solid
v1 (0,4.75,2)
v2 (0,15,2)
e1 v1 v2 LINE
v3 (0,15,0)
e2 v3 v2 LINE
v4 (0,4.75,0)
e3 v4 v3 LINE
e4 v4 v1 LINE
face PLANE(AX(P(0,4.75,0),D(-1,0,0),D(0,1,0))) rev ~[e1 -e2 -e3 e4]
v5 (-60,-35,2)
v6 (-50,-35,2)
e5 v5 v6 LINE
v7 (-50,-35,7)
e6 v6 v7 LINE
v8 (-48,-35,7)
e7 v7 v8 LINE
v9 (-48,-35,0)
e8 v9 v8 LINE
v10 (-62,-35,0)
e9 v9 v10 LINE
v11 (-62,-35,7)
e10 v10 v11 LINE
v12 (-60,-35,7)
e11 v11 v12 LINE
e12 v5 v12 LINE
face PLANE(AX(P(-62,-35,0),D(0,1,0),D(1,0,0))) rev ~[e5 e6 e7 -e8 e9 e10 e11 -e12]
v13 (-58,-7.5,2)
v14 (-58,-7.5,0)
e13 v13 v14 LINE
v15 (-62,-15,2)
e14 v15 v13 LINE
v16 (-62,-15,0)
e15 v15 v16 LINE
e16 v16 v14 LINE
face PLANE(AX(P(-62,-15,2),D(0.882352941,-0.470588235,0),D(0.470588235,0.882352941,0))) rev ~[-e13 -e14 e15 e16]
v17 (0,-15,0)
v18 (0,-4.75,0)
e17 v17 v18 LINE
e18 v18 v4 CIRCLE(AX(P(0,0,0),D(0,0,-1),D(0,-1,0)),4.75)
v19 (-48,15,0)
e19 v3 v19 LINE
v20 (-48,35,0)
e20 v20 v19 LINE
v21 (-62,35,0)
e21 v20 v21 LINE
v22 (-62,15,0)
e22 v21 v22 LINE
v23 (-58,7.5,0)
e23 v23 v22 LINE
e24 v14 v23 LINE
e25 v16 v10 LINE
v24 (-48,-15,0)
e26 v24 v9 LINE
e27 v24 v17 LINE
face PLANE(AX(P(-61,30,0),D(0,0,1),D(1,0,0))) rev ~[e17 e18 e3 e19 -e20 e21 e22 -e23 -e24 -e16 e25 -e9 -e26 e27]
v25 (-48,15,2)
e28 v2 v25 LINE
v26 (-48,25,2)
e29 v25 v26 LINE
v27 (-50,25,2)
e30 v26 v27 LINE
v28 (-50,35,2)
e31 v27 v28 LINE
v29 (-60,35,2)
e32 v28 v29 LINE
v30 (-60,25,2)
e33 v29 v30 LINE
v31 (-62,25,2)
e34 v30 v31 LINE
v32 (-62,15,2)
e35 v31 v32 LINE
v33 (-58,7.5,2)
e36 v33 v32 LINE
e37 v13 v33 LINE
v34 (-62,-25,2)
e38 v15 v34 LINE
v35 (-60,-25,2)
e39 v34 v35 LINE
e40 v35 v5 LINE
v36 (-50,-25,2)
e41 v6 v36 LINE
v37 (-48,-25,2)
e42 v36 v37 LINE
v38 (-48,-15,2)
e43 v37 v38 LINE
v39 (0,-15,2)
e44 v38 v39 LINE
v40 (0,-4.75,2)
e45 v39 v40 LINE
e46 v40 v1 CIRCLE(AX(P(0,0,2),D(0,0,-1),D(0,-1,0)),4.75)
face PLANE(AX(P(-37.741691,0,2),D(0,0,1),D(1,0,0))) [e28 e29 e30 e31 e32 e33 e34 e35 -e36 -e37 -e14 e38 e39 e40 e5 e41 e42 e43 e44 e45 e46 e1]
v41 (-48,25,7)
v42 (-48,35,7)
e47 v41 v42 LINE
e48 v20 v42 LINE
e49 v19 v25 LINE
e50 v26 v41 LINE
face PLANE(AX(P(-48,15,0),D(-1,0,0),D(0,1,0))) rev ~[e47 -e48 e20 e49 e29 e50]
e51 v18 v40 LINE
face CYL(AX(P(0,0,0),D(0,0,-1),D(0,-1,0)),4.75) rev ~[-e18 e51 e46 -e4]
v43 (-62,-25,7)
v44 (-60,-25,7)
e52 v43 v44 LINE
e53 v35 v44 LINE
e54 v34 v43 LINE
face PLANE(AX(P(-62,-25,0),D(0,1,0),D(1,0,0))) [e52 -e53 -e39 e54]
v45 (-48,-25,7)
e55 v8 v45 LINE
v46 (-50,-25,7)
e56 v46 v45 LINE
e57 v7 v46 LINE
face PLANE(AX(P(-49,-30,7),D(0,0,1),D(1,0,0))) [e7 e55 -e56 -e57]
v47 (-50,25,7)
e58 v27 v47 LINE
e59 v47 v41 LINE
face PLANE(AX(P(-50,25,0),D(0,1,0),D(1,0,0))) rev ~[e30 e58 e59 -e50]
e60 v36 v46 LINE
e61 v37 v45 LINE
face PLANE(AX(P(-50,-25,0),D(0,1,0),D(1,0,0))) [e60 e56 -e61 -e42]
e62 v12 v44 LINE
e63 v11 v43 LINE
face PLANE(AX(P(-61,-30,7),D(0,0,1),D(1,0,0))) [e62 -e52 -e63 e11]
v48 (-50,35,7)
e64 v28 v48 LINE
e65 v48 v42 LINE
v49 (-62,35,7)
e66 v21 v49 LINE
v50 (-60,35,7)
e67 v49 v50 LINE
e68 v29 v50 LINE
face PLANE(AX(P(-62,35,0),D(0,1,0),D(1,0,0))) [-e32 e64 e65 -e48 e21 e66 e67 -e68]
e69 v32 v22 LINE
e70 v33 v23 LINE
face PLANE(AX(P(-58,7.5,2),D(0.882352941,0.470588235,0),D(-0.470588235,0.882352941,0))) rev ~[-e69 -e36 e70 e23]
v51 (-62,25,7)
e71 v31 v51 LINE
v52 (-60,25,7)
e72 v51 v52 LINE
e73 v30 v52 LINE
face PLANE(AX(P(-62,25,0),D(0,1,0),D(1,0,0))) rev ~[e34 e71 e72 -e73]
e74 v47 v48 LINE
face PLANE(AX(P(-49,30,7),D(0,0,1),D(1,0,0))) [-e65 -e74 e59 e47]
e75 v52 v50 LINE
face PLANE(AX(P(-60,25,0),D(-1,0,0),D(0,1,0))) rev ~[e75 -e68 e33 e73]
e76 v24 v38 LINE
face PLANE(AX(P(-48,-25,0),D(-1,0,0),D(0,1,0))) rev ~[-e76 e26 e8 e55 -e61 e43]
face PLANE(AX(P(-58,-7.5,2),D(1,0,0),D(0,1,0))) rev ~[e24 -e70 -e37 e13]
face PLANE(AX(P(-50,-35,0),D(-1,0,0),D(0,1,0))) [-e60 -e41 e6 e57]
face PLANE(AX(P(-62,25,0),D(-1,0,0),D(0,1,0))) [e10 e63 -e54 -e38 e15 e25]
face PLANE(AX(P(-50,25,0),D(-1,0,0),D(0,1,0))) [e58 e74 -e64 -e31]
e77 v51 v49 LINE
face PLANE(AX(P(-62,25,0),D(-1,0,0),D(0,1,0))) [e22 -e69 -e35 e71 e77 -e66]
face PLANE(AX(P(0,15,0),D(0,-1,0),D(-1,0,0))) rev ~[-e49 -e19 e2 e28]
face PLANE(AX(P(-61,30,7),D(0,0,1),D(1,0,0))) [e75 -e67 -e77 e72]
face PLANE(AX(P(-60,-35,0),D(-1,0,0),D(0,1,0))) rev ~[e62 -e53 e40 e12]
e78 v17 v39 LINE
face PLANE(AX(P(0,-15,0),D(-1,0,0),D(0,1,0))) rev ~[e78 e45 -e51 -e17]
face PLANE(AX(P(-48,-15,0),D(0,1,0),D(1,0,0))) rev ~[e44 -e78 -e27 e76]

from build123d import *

# Parameters (mm, degrees)
F1_DEPTH = 2
F0_W     = 2
F0_H     = 10
F2_DEPTH = 7
F5_DEPTH = 25


with BuildPart() as f1:
    # F0 (on Top) → F1 (new body)
    with BuildSketch(Plane.XY):
        with BuildLine():
            Line((0, 15), (-48, 15))
            Line((-48, 15), (-48, 25))
            Line((-48, 25), (-50, 25))
            Line((-50, 25), (-50, 35))
            Line((-50, 35), (-60, 35))
            Line((-60, 35), (-60, 25))
            Line((-60, 25), (-62, 25))
            Line((-62, 25), (-62, -25))
            Line((-62, -25), (-60, -25))
            Line((-60, -25), (-60, -35))
            Line((-60, -35), (-50, -35))
            Line((-50, -35), (-50, -25))
            Line((-50, -25), (-48, -25))
            Line((-48, -25), (-48, -15))
            Line((-48, -15), (0, -15))
            Line((0, -15), (0, -4.75))
            ThreePointArc((0, -4.75), (-4.75, 0), (0, 4.75))
            Line((0, 4.75), (0, 15))
        make_face()
    extrude(amount=F1_DEPTH)

    # F0 (on Top) → F2 (join)
    with BuildSketch(Plane.XY):
        with Locations((-61, 30)):
            Rectangle(F0_W, F0_H)
        with Locations((-49, 30)):
            Rectangle(F0_W, F0_H)
        with Locations((-61, -30)):
            Rectangle(F0_W, F0_H)
        with Locations((-49, -30)):
            Rectangle(F0_W, F0_H)
    extrude(amount=F2_DEPTH)

    # F4 (on face) → F5 (cut)
    with BuildSketch(Plane.XY.offset(2)):
        Polygon((-62, 15), (-62, -15), (-58, -7.5), (-58, 7.5), align=None)
    extrude(amount=-F5_DEPTH, mode=Mode.SUBTRACT)


solid = f1.part
